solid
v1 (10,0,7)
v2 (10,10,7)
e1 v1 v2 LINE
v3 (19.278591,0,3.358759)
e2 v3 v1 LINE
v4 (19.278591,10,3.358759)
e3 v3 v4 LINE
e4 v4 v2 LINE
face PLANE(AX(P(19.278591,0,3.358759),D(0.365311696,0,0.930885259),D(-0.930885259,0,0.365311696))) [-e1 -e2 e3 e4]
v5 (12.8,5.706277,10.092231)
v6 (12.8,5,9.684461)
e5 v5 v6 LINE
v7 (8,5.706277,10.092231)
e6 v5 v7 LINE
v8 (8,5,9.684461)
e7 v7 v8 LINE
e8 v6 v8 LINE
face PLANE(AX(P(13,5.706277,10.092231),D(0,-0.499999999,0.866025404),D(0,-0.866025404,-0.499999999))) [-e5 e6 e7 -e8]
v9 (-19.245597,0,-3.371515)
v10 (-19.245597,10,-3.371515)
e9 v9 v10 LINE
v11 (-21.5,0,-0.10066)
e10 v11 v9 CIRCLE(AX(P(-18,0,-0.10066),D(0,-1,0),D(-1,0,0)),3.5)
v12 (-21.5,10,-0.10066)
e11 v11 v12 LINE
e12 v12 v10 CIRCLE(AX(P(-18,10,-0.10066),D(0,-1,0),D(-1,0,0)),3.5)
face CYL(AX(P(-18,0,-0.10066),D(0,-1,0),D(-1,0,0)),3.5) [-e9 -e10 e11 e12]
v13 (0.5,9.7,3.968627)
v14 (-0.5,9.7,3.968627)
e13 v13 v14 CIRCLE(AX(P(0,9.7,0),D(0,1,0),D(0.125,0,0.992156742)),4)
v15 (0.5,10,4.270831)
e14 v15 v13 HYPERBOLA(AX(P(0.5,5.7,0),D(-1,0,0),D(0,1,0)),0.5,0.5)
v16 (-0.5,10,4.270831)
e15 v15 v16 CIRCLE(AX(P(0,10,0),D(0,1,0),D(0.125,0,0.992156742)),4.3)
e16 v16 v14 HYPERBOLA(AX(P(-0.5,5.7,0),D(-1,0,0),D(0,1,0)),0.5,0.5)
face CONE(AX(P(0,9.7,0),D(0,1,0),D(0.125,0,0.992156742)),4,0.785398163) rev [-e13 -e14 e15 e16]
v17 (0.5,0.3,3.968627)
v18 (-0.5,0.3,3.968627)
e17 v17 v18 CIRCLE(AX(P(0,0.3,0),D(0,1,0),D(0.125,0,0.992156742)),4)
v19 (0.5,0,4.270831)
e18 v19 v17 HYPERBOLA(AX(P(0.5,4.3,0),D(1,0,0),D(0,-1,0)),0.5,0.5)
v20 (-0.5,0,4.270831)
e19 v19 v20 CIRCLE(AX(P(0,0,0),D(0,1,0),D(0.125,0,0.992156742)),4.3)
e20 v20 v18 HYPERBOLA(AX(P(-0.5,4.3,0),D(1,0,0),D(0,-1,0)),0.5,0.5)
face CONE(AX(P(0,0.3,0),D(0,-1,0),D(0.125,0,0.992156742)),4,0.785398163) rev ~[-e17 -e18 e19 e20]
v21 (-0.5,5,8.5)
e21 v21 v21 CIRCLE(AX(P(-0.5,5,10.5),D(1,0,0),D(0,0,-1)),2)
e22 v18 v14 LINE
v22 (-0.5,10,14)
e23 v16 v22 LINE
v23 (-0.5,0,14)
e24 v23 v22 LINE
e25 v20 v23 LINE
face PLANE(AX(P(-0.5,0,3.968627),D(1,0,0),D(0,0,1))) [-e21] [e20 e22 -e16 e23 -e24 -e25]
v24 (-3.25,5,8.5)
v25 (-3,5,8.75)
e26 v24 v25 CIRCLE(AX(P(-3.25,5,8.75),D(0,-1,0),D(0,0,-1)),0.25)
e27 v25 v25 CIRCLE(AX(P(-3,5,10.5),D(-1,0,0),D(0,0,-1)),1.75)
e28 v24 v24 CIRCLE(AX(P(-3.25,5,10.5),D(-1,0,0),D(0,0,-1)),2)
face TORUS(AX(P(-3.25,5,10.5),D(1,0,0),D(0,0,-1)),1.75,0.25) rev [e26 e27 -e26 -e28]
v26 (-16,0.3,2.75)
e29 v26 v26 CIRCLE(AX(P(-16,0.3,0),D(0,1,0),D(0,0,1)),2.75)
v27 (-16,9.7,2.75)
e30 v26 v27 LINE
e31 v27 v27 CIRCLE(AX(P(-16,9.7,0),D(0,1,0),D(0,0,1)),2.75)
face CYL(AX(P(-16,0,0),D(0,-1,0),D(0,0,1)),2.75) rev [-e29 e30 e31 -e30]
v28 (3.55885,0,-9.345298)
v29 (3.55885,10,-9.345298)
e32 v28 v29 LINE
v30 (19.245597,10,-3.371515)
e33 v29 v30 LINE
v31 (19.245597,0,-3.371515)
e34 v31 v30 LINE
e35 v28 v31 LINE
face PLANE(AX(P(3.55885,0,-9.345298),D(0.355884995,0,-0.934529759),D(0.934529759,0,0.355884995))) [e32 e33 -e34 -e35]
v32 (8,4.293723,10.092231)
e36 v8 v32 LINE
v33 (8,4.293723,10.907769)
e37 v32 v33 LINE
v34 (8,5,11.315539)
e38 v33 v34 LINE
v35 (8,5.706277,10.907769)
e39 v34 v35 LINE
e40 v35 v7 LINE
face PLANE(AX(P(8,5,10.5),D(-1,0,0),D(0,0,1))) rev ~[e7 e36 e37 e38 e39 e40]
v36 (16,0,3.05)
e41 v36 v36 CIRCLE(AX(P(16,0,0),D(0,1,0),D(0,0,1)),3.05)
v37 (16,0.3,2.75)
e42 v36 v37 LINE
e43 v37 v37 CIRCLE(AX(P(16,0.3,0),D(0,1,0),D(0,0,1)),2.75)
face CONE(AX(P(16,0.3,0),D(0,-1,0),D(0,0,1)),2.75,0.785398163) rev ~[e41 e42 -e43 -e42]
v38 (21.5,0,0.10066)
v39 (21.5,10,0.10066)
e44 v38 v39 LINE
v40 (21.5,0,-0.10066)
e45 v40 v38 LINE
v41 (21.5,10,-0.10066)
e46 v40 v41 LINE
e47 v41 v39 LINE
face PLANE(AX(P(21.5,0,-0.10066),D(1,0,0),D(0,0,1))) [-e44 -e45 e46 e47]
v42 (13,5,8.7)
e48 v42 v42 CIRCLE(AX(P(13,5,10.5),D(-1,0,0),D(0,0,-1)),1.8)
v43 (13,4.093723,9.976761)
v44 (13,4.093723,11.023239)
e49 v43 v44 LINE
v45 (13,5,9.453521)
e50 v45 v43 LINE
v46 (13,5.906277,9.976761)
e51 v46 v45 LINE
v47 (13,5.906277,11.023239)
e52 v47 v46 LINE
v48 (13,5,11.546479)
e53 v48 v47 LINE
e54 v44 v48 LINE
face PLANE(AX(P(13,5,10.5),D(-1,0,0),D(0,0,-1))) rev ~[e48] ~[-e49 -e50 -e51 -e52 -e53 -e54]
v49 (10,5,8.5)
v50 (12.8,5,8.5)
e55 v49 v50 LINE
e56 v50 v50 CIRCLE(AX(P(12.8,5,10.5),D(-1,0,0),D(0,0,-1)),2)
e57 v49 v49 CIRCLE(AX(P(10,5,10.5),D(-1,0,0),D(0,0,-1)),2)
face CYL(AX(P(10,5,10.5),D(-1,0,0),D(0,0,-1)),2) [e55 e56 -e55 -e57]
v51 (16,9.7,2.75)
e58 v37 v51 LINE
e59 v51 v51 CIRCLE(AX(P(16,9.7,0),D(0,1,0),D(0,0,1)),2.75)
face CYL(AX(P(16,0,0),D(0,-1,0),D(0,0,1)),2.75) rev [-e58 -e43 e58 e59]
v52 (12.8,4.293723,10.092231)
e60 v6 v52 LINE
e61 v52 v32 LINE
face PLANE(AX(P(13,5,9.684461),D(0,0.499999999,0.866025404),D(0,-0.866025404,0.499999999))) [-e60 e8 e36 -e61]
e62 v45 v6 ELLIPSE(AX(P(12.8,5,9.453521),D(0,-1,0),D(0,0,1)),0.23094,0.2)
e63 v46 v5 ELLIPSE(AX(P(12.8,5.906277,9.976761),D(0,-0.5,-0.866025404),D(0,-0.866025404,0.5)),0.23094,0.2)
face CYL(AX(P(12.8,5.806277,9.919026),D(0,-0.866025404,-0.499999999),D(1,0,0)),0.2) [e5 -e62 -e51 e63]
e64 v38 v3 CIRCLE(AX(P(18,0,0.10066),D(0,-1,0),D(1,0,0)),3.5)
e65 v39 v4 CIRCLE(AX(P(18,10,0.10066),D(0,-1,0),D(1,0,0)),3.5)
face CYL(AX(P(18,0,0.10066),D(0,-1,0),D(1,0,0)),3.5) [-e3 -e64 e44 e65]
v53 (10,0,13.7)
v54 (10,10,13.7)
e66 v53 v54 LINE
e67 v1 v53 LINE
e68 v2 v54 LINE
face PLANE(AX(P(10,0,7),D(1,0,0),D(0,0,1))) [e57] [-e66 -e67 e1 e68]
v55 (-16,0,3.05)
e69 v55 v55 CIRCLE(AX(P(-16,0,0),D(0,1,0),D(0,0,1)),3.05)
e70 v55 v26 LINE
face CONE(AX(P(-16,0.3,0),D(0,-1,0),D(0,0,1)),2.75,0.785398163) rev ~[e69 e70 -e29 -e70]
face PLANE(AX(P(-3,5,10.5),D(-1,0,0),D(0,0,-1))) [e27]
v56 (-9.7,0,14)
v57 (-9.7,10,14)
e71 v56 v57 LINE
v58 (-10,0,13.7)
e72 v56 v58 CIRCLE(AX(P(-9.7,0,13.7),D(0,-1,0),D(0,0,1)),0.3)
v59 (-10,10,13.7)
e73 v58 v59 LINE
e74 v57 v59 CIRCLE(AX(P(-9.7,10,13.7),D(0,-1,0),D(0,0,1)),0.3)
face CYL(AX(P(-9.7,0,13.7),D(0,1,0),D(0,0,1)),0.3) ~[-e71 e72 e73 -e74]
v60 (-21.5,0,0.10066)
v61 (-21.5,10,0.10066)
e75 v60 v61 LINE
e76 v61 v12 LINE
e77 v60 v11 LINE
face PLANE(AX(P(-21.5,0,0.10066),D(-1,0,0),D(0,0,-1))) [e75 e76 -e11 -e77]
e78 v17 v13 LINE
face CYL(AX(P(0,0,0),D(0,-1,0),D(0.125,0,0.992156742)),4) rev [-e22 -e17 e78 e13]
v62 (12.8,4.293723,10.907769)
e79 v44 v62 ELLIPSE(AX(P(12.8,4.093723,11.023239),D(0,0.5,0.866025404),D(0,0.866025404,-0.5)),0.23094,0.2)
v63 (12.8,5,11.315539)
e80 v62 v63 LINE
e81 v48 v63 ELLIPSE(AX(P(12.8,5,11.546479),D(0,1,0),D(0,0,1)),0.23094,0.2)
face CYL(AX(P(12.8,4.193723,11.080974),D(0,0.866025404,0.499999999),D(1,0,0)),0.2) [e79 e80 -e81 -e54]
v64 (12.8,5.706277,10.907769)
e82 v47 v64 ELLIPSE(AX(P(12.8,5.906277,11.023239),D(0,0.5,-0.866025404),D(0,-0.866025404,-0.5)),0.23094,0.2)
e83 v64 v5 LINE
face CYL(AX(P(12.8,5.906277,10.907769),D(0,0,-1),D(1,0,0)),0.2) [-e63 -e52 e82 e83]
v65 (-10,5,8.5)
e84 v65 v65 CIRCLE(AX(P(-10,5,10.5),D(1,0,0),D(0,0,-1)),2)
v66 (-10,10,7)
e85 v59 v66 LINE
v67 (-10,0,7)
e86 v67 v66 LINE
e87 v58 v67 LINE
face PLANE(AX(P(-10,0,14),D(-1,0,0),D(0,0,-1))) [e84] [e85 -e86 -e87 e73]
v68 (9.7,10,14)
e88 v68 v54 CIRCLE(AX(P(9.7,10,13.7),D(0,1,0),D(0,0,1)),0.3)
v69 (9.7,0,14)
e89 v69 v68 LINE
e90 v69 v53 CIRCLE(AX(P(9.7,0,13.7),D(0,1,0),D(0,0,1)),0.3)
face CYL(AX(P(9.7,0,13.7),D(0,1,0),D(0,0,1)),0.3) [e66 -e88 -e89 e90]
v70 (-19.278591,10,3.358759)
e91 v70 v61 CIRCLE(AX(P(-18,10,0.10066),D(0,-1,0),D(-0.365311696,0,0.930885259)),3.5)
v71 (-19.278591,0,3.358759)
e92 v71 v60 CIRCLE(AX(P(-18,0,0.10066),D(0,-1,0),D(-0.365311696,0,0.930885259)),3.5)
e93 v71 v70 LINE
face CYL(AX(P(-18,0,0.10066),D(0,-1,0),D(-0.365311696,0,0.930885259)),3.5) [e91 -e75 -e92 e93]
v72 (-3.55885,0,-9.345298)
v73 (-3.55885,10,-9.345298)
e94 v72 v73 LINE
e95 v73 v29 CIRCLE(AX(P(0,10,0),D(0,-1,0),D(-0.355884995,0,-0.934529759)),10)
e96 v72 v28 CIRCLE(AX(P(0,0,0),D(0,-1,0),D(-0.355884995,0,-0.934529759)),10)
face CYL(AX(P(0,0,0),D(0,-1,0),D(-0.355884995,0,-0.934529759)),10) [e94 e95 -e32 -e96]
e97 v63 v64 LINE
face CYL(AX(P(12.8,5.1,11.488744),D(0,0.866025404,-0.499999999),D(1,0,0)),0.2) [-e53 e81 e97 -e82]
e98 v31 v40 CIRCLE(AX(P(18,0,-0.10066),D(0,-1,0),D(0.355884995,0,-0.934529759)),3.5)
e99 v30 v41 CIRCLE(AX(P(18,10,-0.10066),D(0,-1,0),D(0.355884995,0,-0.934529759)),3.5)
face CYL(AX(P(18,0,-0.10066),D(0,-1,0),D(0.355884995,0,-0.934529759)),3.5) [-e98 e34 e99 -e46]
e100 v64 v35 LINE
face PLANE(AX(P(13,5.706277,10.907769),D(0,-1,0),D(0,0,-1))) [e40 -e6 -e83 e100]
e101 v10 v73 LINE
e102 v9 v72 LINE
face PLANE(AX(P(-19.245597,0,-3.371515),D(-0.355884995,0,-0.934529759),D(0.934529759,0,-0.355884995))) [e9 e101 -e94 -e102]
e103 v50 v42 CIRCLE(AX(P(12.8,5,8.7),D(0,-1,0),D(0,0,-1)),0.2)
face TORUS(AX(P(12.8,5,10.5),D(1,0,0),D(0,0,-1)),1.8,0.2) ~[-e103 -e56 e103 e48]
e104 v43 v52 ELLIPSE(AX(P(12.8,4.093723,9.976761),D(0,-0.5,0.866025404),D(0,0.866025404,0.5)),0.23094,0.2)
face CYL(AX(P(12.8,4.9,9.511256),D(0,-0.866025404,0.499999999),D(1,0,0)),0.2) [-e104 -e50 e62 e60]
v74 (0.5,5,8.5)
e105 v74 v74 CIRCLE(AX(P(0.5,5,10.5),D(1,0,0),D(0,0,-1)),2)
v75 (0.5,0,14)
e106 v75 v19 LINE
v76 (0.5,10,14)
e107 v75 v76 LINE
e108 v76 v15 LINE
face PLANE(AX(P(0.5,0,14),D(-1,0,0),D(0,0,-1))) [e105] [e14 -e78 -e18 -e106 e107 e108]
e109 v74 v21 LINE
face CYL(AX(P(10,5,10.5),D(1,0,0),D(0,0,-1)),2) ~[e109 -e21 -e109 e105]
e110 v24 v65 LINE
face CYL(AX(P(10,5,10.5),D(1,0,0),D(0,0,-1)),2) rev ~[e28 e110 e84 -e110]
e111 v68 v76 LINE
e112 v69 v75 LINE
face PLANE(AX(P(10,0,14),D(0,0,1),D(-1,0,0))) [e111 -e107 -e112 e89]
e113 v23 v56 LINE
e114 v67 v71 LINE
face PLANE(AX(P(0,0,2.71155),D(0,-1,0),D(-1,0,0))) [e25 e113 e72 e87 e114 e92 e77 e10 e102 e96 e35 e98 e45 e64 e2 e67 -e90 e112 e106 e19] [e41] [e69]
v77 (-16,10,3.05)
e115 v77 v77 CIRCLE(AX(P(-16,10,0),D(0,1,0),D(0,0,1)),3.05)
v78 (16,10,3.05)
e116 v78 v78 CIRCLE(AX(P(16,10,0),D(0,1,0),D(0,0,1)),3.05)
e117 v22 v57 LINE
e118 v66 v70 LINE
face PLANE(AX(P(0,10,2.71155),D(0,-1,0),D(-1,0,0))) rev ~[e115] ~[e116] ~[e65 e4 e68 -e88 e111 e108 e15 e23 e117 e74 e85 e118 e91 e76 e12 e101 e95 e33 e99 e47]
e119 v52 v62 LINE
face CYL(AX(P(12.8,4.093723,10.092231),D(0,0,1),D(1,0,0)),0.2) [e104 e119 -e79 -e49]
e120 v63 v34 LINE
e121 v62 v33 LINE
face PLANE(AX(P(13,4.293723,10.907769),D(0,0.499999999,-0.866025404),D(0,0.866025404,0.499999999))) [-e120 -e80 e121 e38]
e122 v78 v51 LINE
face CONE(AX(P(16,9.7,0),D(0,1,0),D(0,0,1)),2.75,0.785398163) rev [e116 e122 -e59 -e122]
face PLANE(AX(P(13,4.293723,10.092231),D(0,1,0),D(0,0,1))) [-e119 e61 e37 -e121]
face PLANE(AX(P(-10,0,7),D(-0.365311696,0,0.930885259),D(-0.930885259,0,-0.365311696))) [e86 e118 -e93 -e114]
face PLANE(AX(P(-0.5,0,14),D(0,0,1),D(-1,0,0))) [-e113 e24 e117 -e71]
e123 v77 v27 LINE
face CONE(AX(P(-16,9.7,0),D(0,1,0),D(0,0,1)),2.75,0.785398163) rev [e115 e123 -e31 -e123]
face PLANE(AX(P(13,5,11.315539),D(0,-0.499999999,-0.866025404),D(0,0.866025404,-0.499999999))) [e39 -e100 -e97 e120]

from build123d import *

# Parameters (mm, degrees)
SKETCH1_R                     = 2.75
BOSS_EXTRUDE1_DEPTH           = 10
SKETCH3_R                     = 2
CUT_EXTRUDE1_DEPTH            = 32.5
ESBO_O1_R                     = 2
RESSALTO_EXTRUS_O2_DEPTH      = 13
RESSALTO_EXTRUS_O2_DEPTH_BACK = 3
CORTE_EXTRUS_O1_DEPTH         = 5
FILETE1_R                     = 0.2
FILETE2_R                     = 0.25
CHAMFER_1_SIZE                = 0.3
FILLET_1_R                    = 0.3


with BuildPart() as part:
    # Sketch1 → Boss-Extrude1 (new body)
    with BuildSketch(Plane(origin=(0, 0, 0), x_dir=(1, 0, 0), z_dir=(0, 1, 0))):
        with BuildLine():
            Line((21.5, 0.100660355), (21.5, -0.100660355))
            ThreePointArc((21.5, -0.100660355), (20.891804651, -2.072326113), (19.278590937, -3.35875876))
            Line((19.278590937, -3.35875876), (10, -7))
            Line((10, -7), (10, -14))
            Line((10, -14), (0.5, -14))
            Line((0.5, -14), (0.5, -3.968626967))
            ThreePointArc((0.5, -3.968626967), (0, 4), (-0.5, -3.968626967))
            Line((-0.5, -3.968626967), (-0.5, -14))
            Line((-0.5, -14), (-10, -14))
            Line((-10, -14), (-10, -7))
            Line((-10, -7), (-19.278590937, -3.35875876))
            ThreePointArc((-19.278590937, -3.35875876), (-20.891804651, -2.072326113), (-21.5, -0.100660355))
            Line((-21.5, -0.100660355), (-21.5, 0.100660355))
            ThreePointArc((-21.5, 0.100660355), (-20.881804225, 2.086914218), (-19.245597481, 3.371514512))
            Line((-19.245597481, 3.371514512), (-3.558849946, 9.345297591))
            ThreePointArc((-3.558849946, 9.345297591), (0, 10), (3.558849946, 9.345297591))
            Line((3.558849946, 9.345297591), (19.245597481, 3.371514512))
            ThreePointArc((19.245597481, 3.371514512), (20.881804225, 2.086914218), (21.5, 0.100660355))
        make_face()
        with Locations(Location((-16, 0, 0), (0, 0, 270))):  # turned: the seam where the file's is
            Circle(SKETCH1_R, mode=Mode.SUBTRACT)
        with Locations(Location((16, 0, 0), (0, 0, 270))):  # turned: the seam where the file's is
            Circle(SKETCH1_R, mode=Mode.SUBTRACT)
    extrude(amount=BOSS_EXTRUDE1_DEPTH)

    # Sketch3 → Cut-Extrude1 (cut, through all)
    with BuildSketch(Plane(origin=(10, 0, 0), x_dir=(0, 0, -1), z_dir=(1, 0, 0))):
        with Locations((-10.5, 5)):
            Circle(SKETCH3_R)
    extrude(amount=-CUT_EXTRUDE1_DEPTH, mode=Mode.SUBTRACT)

    # Esboço1 → Ressalto-extrusão2 (add, two sides)
    with BuildSketch(Plane.ZY.offset(-10)) as ressalto_extrus_o2_sk:
        with Locations(Location((10.5, 5, 0), (0, 0, 180))):  # turned: the seam where the file's is
            Circle(ESBO_O1_R)
    extrude(amount=RESSALTO_EXTRUS_O2_DEPTH)
    extrude(ressalto_extrus_o2_sk.sketch, amount=-RESSALTO_EXTRUS_O2_DEPTH_BACK)

    # Esboço2 → Corte-extrusão1 (cut)
    with BuildSketch(Plane.ZY.offset(-13)):
        Polygon((10.90776936, 4.293722751), (11.315538719, 5), (10.90776936, 5.706277249), (10.09223064, 5.706277249), (9.684461281, 5), (10.09223064, 4.293722751), align=None)
    extrude(amount=CORTE_EXTRUS_O1_DEPTH, mode=Mode.SUBTRACT)

    # Filete1
    filete1_edges = [part.edges().sort_by_distance(p)[0] for p in [
        (13, 5, 12.5),
        (13, 4.646861376, 11.11165404),
        (13, 4.293722751, 10.5),
        (13, 4.646861376, 9.88834596),
        (13, 5.353138624, 9.88834596),
        (13, 5.706277249, 10.5),
        (13, 5.353138624, 11.11165404),
    ]]
    fillet(filete1_edges, radius=FILETE1_R)

    # Filete2
    filete2_edges = [part.edges().sort_by_distance(p)[0] for p in [
        (-3, 5, 12.5),
    ]]
    fillet(filete2_edges, radius=FILETE2_R)

    # Фаска1
    chamfer_1_edges = [part.edges().sort_by_distance(p)[0] for p in [
        (0, 0, -4),
        (-16, 0, -2.75),
        (0, 10, -4),
        (-16, 10, -2.75),
        (16, 0, -2.75),
        (16, 10, -2.75),
    ]]
    chamfer(chamfer_1_edges, length=CHAMFER_1_SIZE)

    # Скругление1
    fillet_1_edges = [part.edges().sort_by_distance(p)[0] for p in [
        (10, 5, 14),
        (-10, 5, 14),
    ]]
    fillet(fillet_1_edges, radius=FILLET_1_R)


solid = part.part
